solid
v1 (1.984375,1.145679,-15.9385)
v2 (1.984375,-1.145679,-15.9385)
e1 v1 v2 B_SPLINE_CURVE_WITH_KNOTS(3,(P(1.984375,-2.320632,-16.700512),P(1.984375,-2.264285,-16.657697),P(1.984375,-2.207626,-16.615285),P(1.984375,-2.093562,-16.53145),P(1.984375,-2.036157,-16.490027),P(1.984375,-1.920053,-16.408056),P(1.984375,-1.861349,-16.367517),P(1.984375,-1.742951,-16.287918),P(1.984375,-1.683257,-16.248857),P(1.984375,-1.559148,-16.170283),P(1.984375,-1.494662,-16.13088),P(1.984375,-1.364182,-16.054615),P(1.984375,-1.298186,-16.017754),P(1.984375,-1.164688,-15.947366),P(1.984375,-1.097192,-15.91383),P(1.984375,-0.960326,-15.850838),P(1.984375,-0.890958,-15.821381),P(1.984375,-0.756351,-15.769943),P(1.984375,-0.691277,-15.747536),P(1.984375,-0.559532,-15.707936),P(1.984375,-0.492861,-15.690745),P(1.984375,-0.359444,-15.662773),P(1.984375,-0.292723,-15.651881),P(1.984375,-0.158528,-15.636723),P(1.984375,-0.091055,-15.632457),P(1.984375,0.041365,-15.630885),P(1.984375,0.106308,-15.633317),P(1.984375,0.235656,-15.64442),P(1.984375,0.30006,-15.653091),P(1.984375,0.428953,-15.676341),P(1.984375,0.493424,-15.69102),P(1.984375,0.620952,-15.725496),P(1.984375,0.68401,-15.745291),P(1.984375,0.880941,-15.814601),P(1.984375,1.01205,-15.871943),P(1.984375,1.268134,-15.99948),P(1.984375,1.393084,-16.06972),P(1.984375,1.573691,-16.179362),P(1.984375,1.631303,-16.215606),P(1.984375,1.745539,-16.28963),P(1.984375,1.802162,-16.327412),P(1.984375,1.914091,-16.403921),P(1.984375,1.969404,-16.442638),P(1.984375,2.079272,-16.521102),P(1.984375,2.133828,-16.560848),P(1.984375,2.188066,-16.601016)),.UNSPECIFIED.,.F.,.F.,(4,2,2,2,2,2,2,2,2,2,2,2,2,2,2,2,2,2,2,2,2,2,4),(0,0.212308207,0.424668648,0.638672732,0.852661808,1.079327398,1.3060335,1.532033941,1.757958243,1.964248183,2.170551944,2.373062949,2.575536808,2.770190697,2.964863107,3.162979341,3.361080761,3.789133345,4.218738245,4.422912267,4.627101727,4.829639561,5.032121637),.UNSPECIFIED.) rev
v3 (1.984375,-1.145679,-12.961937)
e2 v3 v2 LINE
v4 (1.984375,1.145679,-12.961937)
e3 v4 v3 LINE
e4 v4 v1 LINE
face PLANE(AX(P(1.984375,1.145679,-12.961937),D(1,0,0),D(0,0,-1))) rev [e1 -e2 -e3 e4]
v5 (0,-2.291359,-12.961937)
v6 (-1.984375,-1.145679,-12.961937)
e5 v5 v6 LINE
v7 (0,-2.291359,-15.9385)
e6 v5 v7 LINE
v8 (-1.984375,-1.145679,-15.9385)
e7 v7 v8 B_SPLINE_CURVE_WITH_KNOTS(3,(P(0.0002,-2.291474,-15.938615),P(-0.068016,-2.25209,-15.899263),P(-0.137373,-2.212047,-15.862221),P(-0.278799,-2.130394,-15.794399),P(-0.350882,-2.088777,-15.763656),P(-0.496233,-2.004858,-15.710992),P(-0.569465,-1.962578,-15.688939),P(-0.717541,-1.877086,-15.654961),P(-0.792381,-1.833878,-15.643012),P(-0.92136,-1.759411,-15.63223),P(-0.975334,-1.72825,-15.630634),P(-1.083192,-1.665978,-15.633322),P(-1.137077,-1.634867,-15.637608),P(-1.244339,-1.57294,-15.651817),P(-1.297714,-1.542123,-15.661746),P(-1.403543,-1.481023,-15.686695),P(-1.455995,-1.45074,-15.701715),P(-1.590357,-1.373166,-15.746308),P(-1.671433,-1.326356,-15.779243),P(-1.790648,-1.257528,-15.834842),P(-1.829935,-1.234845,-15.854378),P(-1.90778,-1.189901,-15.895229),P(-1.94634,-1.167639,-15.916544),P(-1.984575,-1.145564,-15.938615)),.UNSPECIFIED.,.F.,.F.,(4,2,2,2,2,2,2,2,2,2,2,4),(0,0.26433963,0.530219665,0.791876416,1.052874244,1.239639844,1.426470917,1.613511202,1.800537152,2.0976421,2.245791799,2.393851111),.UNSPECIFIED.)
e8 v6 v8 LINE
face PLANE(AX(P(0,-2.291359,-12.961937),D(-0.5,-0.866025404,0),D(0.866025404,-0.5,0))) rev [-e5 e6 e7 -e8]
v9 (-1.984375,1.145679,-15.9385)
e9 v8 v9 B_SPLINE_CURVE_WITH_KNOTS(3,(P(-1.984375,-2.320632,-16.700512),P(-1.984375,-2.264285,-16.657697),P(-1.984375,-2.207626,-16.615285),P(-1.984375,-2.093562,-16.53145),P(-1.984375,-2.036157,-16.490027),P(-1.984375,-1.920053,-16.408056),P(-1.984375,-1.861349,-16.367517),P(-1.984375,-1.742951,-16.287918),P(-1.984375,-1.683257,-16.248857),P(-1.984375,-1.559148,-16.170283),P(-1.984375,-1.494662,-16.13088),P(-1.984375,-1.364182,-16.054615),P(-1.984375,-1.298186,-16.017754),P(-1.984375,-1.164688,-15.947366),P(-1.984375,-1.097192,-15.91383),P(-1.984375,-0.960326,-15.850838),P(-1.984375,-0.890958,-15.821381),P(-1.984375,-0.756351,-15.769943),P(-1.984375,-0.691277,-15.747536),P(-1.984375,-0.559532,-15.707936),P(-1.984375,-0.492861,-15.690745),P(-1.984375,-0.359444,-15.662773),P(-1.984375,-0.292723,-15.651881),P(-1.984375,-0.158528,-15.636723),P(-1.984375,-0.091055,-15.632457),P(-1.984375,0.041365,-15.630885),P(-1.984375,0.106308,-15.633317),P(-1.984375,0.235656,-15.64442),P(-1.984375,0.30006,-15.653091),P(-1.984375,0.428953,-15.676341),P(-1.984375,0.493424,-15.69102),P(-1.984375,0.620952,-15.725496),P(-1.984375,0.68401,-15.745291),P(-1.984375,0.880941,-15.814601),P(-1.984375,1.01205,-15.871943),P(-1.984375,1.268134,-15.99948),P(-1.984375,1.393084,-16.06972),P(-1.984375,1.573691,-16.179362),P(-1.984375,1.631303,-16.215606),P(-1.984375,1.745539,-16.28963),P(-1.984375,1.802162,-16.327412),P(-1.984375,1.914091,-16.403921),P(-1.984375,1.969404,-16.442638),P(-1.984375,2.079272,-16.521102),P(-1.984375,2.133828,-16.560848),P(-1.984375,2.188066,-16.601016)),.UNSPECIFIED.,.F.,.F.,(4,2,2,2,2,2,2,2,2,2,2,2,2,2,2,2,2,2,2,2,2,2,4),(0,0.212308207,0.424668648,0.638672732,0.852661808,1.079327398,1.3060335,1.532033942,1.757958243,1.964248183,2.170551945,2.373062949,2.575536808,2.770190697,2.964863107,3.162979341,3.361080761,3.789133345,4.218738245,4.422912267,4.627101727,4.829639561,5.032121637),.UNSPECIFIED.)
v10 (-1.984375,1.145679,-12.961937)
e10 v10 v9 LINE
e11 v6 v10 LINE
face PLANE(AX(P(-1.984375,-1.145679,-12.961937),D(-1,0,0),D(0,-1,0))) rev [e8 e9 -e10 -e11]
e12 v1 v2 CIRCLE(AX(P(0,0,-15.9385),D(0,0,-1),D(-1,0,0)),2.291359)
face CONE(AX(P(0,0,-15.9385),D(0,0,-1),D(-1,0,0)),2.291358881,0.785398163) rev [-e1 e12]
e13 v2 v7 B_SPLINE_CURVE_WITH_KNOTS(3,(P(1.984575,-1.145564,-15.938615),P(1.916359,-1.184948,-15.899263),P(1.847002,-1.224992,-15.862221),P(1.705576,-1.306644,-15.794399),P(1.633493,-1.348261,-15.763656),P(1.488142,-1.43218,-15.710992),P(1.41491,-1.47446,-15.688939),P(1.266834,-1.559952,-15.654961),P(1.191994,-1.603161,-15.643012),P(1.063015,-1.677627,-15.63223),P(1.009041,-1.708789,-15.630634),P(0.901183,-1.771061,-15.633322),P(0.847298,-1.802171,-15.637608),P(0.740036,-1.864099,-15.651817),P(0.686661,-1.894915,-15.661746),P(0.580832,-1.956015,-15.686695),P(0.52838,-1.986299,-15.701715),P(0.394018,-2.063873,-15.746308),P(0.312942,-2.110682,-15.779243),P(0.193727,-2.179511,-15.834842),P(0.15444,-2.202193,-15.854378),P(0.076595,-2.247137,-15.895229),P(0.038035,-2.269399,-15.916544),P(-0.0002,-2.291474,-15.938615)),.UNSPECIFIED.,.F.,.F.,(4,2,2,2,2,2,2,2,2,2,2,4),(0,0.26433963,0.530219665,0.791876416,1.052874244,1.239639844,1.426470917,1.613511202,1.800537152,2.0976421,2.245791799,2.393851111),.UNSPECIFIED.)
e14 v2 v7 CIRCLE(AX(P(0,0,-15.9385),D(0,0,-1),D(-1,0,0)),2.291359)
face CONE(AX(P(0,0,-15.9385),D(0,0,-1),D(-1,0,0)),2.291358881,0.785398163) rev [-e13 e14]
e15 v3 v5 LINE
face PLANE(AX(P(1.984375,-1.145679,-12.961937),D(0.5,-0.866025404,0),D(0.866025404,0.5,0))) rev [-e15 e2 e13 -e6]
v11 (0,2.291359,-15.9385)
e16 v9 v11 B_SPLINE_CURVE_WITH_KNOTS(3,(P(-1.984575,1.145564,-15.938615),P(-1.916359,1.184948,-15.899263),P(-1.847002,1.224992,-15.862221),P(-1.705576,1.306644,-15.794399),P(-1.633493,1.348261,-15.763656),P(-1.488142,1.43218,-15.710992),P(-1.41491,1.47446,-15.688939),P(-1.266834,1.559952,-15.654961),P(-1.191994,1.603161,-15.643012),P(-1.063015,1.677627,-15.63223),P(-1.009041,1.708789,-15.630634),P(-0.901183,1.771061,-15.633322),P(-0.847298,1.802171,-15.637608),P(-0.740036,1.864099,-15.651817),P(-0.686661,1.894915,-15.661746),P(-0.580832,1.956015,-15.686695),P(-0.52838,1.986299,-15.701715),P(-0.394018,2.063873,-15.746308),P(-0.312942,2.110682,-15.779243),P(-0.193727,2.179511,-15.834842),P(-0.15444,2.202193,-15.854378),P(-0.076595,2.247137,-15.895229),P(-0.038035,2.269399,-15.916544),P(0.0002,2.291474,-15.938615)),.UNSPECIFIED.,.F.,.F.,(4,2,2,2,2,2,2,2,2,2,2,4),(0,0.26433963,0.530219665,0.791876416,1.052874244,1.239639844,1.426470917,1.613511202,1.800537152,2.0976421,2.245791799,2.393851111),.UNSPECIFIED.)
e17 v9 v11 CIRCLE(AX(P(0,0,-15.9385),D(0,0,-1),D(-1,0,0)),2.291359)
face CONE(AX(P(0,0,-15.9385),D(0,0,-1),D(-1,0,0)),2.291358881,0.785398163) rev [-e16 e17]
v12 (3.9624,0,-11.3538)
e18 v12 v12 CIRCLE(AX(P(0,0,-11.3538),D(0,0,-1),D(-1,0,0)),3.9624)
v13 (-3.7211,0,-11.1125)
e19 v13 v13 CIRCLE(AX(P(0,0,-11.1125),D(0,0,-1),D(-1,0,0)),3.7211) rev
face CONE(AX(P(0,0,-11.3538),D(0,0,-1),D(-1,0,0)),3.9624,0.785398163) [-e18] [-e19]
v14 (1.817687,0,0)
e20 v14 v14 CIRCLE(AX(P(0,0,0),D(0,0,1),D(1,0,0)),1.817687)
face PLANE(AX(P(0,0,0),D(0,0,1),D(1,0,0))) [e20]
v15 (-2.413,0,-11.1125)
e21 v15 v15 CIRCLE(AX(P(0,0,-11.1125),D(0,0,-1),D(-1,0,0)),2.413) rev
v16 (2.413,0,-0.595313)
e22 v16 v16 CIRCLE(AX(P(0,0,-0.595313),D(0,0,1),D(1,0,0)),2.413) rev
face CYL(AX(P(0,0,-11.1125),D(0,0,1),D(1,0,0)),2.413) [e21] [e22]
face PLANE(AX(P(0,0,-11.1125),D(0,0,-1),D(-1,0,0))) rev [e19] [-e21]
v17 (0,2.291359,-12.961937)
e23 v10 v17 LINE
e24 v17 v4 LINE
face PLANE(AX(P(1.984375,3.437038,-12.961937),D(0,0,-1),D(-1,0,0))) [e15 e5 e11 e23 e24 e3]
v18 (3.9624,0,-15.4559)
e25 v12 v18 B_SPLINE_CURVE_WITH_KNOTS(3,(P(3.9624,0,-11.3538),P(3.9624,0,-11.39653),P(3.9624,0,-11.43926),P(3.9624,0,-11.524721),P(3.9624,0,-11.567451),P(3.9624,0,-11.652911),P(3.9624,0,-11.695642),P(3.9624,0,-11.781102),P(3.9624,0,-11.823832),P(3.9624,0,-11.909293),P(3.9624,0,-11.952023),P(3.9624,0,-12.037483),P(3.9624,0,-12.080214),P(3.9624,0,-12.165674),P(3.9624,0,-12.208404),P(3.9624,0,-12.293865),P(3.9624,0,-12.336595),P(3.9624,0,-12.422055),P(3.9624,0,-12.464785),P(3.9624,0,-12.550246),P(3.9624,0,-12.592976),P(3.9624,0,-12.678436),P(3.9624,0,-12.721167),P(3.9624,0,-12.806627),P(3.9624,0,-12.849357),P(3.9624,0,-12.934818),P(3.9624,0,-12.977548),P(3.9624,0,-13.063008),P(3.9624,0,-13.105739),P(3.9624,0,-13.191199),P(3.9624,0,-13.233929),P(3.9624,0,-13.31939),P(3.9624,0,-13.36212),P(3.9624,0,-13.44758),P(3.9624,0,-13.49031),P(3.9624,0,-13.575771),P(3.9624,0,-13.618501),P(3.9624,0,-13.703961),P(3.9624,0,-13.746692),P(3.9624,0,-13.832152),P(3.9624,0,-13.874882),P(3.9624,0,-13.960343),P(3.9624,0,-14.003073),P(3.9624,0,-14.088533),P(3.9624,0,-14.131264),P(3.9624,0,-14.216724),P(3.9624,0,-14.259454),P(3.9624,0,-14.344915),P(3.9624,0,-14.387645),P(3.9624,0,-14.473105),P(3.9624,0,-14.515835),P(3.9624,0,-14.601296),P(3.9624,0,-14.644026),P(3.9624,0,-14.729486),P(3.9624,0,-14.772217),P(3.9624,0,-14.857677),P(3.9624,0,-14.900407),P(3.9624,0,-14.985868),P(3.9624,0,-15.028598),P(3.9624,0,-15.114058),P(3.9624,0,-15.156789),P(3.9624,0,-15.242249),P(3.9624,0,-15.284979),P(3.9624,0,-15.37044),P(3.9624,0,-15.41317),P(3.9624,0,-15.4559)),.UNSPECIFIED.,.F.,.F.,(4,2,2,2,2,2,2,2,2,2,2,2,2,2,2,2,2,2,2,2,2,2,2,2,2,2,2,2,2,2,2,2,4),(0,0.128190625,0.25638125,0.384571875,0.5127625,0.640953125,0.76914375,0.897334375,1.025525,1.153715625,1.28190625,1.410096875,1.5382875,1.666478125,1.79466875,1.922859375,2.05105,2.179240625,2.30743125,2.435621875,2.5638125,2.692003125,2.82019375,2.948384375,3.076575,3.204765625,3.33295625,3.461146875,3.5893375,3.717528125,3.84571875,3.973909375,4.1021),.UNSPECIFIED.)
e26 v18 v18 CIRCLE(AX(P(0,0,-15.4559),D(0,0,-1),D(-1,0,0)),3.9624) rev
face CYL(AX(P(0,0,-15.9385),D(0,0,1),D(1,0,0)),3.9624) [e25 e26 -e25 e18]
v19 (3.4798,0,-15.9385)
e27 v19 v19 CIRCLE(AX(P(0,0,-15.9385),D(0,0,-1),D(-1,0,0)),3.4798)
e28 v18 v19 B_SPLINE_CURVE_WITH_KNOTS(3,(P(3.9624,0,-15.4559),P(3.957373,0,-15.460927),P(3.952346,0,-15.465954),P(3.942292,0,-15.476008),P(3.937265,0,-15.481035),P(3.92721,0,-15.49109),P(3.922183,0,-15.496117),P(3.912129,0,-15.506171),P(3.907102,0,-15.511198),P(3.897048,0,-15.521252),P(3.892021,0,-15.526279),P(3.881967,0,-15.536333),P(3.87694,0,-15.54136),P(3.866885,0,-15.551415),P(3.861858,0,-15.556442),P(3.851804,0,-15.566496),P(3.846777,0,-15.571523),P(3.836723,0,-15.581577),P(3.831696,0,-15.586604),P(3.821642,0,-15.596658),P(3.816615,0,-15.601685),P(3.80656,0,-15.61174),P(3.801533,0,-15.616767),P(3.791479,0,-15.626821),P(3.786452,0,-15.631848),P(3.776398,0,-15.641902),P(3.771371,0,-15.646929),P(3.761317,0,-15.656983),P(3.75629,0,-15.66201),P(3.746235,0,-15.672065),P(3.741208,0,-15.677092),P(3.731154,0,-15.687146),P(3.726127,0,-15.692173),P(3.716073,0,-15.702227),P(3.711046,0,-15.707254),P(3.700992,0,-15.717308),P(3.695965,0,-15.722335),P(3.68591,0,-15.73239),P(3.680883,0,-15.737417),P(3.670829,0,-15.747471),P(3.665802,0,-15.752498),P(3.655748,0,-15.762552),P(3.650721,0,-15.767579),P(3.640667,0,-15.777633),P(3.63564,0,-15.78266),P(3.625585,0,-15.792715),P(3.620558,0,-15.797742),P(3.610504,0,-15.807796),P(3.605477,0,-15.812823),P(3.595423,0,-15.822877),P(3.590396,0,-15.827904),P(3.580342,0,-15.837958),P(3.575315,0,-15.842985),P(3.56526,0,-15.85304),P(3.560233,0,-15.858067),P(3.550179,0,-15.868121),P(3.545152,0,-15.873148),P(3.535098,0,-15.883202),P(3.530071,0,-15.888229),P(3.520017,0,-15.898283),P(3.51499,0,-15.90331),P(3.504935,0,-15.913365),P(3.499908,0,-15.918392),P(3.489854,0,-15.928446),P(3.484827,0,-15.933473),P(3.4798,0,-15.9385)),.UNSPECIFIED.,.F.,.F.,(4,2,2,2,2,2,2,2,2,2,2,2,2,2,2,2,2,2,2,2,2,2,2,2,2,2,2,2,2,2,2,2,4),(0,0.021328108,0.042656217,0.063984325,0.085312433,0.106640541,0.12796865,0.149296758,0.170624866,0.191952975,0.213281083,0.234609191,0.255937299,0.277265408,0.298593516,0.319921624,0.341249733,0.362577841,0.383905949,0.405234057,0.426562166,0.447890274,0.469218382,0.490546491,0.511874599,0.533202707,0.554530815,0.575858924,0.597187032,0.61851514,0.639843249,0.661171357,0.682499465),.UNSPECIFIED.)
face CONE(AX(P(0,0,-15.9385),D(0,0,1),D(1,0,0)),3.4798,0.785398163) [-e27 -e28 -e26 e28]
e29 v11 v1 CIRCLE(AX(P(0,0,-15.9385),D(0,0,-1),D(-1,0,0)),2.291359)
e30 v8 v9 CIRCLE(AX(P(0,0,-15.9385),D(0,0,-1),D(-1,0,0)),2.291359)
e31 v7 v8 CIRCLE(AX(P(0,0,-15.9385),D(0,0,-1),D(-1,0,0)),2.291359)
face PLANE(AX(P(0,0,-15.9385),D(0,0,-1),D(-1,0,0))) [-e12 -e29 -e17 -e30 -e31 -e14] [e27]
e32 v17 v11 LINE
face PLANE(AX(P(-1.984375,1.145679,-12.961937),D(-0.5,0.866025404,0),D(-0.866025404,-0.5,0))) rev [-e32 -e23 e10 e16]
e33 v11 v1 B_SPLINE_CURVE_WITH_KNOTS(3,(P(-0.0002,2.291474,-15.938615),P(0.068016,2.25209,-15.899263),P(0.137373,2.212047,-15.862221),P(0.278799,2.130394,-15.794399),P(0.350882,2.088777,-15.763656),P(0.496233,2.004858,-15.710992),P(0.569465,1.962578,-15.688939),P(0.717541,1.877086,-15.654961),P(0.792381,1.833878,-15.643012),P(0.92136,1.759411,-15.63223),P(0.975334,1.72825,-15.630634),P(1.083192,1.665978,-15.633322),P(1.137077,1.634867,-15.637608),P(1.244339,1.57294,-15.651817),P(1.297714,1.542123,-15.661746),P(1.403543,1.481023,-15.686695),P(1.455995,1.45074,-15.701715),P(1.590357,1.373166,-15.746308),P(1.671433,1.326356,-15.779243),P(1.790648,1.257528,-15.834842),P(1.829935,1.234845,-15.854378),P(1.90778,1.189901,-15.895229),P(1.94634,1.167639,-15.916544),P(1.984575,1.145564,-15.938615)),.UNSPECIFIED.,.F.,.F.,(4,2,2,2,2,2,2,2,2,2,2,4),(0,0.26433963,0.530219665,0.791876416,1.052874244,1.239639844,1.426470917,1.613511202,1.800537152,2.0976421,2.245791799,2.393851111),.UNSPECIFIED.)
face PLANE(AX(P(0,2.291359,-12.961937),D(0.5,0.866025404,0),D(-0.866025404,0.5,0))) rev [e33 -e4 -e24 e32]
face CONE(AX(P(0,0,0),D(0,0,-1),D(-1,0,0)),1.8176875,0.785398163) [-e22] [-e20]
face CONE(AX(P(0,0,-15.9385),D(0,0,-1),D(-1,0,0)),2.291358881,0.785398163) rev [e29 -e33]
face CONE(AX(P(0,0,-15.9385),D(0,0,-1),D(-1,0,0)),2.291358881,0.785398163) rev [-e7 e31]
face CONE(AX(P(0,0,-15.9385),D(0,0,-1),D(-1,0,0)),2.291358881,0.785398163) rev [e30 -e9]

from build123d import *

# Parameters (mm, degrees)
SKETCH1_R          = 2.413
EXTRUDE1_DEPTH     = 11.1125
CHAMFER3_SIZE      = 0.5953125
SKETCH6_R          = 3.9624
EXTRUDE2_DEPTH     = 4.826
CUT_EXTRUDE1_DEPTH = 2.9765625
SKETCH8_R          = 2.291358881
CUT_EXTRUDE2_DEPTH = 0.4826
CUT_EXTRUDE2_DRAFT = -45
CHAMFER1_SIZE      = 0.4826
CHAMFER2_SIZE      = 0.2413


with BuildPart() as part:
    # Sketch1 → Extrude1 (new body)
    with BuildSketch(Plane.XY):
        Circle(SKETCH1_R)
    extrude(amount=-EXTRUDE1_DEPTH)

    # Chamfer3
    chamfer3_edges = [part.edges().sort_by_distance(p)[0] for p in [
        (-2.413, 0, 0),
    ]]
    chamfer(chamfer3_edges, length=CHAMFER3_SIZE)

    # Sketch6 → Extrude2 (add)
    with BuildSketch(Plane(origin=(0, 0, -11.1125), x_dir=(-1, 0, 0), z_dir=(0, 0, -1))):
        Circle(SKETCH6_R)
    extrude(amount=EXTRUDE2_DEPTH)

    # Sketch7 → Cut-Extrude1 (cut)
    with BuildSketch(Plane(origin=(0, 0, -15.9385), x_dir=(-1, 0, 0), z_dir=(0, 0, -1))):
        Polygon((0, 2.291358881), (-1.984375, 1.14567944), (-1.984375, -1.14567944), (0, -2.291358881), (1.984375, -1.14567944), (1.984375, 1.14567944), align=None)
    extrude(amount=-CUT_EXTRUDE1_DEPTH, mode=Mode.SUBTRACT)


with BuildPart() as cut_extrude2_tool:
    # Sketch8 → Cut-Extrude2 (with draft: the straight prism first)
    with BuildSketch(Plane(origin=(0, 0, -15.9385), x_dir=(-1, 0, 0), z_dir=(0, 0, -1))):
        Circle(SKETCH8_R)
    extrude(amount=-CUT_EXTRUDE2_DEPTH)
    # Cut-Extrude2: the draft: its side faces are tilted about the plane it starts from
    cut_extrude2_sides = [cut_extrude2_tool.faces().sort_by_distance(p)[0] for p in [
        (2.291358881, 0, -15.6972),
    ]]
    draft(cut_extrude2_sides, Plane(origin=(0, 0, -15.9385), x_dir=(-1, 0, 0), z_dir=(0, 0, -1)), CUT_EXTRUDE2_DRAFT)


with BuildPart() as part_1:
    add(part.part)

    # Cut-Extrude2: cut by cut_extrude2_tool
    add(cut_extrude2_tool.part, mode=Mode.SUBTRACT)

    # Chamfer1
    chamfer1_edges = [part_1.edges().sort_by_distance(p)[0] for p in [
        (3.9624, 0, -15.9385),
    ]]
    chamfer(chamfer1_edges, length=CHAMFER1_SIZE)

    # Chamfer2
    chamfer2_edges = [part_1.edges().sort_by_distance(p)[0] for p in [
        (3.9624, 0, -11.1125),
    ]]
    chamfer(chamfer2_edges, length=CHAMFER2_SIZE)


solid = part_1.part
